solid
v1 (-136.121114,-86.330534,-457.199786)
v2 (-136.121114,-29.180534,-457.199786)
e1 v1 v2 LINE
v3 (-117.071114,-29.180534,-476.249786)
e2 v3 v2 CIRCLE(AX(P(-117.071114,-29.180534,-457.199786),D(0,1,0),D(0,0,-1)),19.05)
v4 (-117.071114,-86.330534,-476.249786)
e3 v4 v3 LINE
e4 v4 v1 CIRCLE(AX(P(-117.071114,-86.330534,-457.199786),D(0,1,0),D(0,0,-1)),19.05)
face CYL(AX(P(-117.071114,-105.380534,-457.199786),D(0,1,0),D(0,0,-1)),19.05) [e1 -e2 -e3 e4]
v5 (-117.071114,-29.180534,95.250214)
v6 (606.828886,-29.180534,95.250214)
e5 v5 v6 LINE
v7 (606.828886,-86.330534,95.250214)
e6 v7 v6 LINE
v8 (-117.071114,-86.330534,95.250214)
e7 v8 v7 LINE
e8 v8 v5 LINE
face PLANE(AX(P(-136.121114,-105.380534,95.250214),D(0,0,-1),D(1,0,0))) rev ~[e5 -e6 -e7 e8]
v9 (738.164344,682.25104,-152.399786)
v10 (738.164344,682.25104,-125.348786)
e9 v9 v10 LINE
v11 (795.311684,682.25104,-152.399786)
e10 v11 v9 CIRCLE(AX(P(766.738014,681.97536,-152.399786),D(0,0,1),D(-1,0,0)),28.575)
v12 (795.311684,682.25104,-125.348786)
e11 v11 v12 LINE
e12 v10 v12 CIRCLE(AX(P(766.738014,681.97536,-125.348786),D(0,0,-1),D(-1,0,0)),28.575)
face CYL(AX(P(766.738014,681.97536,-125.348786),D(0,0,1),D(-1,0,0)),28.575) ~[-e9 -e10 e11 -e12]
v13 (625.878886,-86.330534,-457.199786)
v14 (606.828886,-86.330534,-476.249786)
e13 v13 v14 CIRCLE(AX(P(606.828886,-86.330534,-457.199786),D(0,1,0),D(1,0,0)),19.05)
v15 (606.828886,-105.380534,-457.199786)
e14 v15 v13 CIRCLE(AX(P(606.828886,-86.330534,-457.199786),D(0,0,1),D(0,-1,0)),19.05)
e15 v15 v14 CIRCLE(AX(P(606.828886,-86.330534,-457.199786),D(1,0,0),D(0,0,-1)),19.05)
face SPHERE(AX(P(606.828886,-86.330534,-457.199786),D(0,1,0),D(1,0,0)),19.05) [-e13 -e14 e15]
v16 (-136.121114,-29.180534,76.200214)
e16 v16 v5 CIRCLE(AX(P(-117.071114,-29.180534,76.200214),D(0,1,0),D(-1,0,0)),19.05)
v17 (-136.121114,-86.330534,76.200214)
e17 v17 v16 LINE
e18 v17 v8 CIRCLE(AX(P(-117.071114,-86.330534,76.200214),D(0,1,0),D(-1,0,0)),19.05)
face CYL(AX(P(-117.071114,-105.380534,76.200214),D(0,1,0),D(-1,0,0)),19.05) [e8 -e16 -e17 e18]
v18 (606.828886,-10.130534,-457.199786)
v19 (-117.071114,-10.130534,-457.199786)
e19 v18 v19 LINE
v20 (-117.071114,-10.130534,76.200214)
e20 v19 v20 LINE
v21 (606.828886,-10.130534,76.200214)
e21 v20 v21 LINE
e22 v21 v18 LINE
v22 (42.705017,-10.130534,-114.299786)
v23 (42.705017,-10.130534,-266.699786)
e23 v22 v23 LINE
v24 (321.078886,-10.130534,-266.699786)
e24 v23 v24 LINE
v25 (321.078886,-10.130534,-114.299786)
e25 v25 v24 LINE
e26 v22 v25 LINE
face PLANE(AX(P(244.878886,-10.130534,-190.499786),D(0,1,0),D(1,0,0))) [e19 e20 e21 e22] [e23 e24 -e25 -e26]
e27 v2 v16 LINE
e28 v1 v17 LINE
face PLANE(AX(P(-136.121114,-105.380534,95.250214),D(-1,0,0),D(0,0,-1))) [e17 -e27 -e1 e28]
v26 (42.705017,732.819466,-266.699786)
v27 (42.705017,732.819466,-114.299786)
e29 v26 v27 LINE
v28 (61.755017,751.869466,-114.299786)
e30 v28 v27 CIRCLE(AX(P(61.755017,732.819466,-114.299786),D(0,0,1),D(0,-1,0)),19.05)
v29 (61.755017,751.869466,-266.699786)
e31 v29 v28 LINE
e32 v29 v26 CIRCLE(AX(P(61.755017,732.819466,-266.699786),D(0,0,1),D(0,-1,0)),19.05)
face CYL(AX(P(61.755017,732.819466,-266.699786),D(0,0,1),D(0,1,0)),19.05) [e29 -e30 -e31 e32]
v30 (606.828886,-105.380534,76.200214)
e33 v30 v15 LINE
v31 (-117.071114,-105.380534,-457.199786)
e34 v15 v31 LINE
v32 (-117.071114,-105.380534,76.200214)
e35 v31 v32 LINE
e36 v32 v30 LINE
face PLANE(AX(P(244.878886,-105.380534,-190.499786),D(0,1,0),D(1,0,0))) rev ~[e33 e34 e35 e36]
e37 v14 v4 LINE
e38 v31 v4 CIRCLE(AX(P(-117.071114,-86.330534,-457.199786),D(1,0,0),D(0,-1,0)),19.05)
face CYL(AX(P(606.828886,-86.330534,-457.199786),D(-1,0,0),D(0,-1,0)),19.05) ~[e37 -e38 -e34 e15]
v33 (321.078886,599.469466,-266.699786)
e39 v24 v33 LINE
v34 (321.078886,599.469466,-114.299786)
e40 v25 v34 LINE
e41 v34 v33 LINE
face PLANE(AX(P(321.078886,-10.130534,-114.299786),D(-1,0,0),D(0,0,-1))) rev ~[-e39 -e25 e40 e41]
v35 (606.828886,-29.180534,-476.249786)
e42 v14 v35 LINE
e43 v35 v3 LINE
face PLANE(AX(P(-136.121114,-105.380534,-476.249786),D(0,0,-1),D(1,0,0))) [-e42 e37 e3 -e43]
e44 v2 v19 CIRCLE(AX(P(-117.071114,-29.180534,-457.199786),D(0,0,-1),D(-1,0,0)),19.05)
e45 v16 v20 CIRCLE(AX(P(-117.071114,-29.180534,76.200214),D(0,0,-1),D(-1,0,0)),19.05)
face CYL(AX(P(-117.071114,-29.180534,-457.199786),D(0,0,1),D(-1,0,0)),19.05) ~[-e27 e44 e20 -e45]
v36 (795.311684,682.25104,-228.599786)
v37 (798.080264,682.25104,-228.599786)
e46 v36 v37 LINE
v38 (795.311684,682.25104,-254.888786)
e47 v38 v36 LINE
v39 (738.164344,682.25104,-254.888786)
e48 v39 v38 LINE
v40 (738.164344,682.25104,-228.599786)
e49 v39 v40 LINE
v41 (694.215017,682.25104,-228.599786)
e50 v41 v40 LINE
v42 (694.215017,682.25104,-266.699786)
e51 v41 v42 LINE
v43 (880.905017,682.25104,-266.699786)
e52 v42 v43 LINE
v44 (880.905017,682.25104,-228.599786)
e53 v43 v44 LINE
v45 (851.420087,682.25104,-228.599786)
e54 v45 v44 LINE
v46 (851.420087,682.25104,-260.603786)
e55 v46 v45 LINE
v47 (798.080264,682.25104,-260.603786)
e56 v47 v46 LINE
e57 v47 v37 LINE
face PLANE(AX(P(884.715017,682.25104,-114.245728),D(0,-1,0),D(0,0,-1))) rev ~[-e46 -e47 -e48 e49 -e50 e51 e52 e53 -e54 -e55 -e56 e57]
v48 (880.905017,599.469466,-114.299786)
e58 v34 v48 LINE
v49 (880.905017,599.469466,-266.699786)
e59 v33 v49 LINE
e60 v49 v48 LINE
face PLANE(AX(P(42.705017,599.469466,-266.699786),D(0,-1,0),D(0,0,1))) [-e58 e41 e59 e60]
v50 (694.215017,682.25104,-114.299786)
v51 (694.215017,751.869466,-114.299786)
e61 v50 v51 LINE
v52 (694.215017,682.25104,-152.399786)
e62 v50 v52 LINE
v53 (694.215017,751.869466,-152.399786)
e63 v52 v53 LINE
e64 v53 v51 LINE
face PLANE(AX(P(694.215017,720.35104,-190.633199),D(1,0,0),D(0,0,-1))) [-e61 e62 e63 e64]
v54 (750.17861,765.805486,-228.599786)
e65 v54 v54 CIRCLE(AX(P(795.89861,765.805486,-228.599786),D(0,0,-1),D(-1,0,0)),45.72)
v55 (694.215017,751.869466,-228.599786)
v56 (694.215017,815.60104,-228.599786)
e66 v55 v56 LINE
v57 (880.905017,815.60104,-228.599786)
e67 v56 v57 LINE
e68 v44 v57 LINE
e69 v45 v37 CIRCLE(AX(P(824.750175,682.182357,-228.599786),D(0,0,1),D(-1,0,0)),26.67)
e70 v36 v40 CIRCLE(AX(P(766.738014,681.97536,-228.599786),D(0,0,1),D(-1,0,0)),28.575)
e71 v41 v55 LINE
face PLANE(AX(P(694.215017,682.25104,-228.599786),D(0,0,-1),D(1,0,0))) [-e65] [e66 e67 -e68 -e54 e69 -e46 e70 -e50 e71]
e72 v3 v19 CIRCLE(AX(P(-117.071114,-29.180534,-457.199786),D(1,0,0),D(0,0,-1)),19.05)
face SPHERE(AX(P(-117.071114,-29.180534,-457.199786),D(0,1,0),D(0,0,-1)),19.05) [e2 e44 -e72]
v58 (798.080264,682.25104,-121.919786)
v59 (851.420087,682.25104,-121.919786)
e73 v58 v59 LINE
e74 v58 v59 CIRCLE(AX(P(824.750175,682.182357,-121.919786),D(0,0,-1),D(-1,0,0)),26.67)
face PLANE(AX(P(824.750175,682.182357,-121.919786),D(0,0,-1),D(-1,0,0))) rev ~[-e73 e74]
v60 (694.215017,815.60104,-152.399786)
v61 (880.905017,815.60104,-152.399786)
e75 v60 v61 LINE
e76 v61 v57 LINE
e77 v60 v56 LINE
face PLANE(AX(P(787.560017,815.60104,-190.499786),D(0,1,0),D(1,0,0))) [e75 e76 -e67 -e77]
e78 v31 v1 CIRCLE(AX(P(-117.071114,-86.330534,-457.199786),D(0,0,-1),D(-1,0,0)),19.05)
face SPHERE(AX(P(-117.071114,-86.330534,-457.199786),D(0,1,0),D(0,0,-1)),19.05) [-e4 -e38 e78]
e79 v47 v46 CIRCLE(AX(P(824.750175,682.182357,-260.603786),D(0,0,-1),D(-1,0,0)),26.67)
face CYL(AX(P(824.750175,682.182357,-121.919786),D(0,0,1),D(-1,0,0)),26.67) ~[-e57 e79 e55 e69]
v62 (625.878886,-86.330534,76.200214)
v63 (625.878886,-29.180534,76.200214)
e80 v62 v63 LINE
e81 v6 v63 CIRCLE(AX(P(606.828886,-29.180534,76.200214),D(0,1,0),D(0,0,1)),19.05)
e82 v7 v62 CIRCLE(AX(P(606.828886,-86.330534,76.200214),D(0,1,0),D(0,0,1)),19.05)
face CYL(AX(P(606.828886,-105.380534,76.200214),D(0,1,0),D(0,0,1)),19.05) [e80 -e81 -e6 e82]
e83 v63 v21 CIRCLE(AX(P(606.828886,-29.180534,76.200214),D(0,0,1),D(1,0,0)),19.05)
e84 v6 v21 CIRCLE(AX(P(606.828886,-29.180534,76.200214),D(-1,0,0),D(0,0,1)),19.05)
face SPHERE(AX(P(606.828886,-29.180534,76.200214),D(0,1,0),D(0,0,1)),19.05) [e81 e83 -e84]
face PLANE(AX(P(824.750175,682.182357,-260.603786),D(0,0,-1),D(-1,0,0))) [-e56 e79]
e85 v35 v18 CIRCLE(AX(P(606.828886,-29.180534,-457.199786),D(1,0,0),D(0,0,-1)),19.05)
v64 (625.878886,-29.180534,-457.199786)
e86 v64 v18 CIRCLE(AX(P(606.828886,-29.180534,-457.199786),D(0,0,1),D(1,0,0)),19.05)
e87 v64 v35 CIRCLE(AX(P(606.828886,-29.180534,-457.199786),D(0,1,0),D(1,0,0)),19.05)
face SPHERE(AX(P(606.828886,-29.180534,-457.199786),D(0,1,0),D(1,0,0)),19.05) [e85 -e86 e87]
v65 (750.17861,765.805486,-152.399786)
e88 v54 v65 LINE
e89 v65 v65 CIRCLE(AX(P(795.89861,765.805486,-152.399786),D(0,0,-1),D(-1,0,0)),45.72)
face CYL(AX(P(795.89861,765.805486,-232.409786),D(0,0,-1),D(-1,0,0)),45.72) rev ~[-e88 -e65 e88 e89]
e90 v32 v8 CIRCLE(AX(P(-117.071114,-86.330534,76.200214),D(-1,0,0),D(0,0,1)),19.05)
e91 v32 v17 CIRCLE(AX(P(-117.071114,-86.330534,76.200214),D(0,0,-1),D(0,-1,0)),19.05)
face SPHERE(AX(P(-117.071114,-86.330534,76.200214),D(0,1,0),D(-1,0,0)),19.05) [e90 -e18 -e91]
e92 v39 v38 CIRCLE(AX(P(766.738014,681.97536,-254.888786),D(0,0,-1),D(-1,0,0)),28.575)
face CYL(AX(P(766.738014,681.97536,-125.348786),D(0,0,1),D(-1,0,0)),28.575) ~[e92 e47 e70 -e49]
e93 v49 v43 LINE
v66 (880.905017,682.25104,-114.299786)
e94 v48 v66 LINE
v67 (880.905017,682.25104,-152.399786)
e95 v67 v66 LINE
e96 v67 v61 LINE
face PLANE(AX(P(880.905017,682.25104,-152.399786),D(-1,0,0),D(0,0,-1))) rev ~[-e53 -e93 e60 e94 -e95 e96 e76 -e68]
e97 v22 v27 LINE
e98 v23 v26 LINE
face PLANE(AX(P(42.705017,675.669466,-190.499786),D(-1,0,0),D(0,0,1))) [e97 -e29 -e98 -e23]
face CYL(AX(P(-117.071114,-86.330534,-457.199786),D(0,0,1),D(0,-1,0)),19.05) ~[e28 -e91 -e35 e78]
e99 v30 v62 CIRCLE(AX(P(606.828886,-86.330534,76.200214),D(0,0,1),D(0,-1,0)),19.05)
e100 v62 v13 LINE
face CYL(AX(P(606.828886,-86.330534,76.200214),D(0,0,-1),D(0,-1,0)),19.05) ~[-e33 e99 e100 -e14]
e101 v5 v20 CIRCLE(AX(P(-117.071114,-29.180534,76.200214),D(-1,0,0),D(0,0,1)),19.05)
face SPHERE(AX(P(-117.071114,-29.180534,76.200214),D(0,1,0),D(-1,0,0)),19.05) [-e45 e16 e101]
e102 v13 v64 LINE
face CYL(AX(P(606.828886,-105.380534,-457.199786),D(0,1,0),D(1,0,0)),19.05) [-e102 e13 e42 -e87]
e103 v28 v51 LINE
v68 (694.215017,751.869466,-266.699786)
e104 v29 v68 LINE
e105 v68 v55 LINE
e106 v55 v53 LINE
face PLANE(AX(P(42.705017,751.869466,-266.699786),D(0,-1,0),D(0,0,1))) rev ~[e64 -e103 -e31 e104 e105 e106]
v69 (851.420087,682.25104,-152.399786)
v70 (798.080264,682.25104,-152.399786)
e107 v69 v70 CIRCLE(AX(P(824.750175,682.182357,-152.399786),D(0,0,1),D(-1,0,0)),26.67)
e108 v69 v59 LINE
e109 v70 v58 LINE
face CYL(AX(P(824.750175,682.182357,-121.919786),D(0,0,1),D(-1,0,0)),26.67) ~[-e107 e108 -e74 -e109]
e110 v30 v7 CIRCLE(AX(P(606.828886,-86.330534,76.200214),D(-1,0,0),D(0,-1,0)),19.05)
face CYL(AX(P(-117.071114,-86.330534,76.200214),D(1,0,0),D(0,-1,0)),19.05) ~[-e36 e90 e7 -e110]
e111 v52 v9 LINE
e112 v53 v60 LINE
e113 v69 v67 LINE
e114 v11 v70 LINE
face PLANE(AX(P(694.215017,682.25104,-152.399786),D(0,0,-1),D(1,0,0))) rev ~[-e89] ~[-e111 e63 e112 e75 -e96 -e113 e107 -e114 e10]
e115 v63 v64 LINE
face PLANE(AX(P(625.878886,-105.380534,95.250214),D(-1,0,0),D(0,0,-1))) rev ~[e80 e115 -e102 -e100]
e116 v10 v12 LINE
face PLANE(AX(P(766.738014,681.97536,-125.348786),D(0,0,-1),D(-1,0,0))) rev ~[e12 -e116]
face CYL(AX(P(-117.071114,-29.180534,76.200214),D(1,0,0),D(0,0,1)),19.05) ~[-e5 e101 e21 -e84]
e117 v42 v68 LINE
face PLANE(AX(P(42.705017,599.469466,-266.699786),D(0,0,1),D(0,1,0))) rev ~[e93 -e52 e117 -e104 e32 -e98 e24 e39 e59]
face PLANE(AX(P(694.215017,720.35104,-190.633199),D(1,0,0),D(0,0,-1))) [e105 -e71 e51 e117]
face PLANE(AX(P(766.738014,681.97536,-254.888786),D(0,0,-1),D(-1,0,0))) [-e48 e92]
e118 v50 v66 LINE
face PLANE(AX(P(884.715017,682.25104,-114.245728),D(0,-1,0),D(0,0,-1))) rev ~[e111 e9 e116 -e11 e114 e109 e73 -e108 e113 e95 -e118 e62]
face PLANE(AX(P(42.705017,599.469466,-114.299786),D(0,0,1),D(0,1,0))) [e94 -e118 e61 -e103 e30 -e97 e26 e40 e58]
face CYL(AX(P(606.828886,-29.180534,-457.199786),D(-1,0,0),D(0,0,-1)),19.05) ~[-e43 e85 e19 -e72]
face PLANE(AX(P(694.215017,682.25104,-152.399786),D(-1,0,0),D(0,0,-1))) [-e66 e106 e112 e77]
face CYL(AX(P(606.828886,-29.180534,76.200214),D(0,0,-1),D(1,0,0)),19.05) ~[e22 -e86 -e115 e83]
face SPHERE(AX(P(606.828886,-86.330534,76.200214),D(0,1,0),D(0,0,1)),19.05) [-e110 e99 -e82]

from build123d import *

# Parameters (mm, degrees)
SKETCH1_W                 = 508
SKETCH1_H                 = 381
BOSS_EXTRUDE1_DEPTH       = 63.5
FILLET4_R                 = 12.7
FILLET5_R                 = 12.7
FILLET6_R                 = 12.7
FILLET7_R                 = 12.7
FILLET8_R                 = 12.7
FILLET9_R                 = 12.7
SKETCH2_W                 = 185.582579438
SKETCH2_H                 = 101.6
BOSS_EXTRUDE2_DEPTH       = 406.4
SKETCH26_W                = 101.6
SKETCH26_H                = 101.6
BOSS_EXTRUDE16_DEPTH      = 558.8
SKETCH28_W                = 101.849960699
SKETCH28_H                = 50.8
CUT_EXTRUDE8_DEPTH        = 127
SKETCH29_W                = 124.46
SKETCH29_H                = 50.8
BOSS_EXTRUDE18_DEPTH      = 88.9
FILLET10_R                = 12.7
BOSS_EXTRUDE21_DEPTH      = 18.796
BOSS_EXTRUDE21_DEPTH_BACK = 73.66
SKETCH31_R                = 17.78
BOSS_EXTRUDE22_DEPTH      = 14.986
BOSS_EXTRUDE22_DEPTH_BACK = 71.374
SKETCH32_R                = 19.05
SKETCH33_R                = 30.48
CUT_EXTRUDE10_DEPTH       = 71.374
SCALE1_SCALE              = 1.5


with BuildPart() as part:
    # Sketch1 → Boss-Extrude1 (new body)
    with BuildSketch(Plane(origin=(0, 0, 0), x_dir=(1, 0, 0), z_dir=(0, 1, 0))):
        with Locations((254, 190.5)):
            Rectangle(SKETCH1_W, SKETCH1_H)
    extrude(amount=BOSS_EXTRUDE1_DEPTH)

    # Fillet4
    fillet4_edges = [part.edges().sort_by_distance(p)[0] for p in [
        (508, 31.75, 0),
    ]]
    fillet(fillet4_edges, radius=FILLET4_R)

    # Fillet5
    fillet5_edges = [part.edges().sort_by_distance(p)[0] for p in [
        (508, 31.75, -381),
    ]]
    fillet(fillet5_edges, radius=FILLET5_R)

    # Fillet6
    fillet6_edges = [part.edges().sort_by_distance(p)[0] for p in [
        (0, 31.75, -381),
    ]]
    fillet(fillet6_edges, radius=FILLET6_R)

    # Fillet7
    fillet7_edges = [part.edges().sort_by_distance(p)[0] for p in [
        (0, 31.75, 0),
    ]]
    fillet(fillet7_edges, radius=FILLET7_R)

    # Fillet8
    fillet8_edges = [part.edges().sort_by_distance(p)[0] for p in [
        (508, 0, -190.5),
        (504.280256121, 0, -3.719743879),
        (254, 0, -381),
        (504.280256121, 0, -377.280256121),
        (0, 0, -190.5),
        (3.719743879, 0, -377.280256121),
        (254, 0, 0),
        (3.719743879, 0, -3.719743879),
    ]]
    fillet(fillet8_edges, radius=FILLET8_R)

    # Fillet9
    fillet9_edges = [part.edges().sort_by_distance(p)[0] for p in [
        (508, 63.5, -190.5),
        (504.280256121, 63.5, -3.719743879),
        (254, 63.5, -381),
        (504.280256121, 63.5, -377.280256121),
        (0, 63.5, -190.5),
        (3.719743879, 63.5, -377.280256121),
        (254, 63.5, 0),
        (3.719743879, 63.5, -3.719743879),
    ]]
    fillet(fillet9_edges, radius=FILLET9_R)

    # Sketch2 → Boss-Extrude2 (add)
    with BuildSketch(Plane(origin=(0, 63.5, 0), x_dir=(1, 0, 0), z_dir=(0, 1, 0))):
        with Locations((212.008710281, 190.5)):
            Rectangle(SKETCH2_W, SKETCH2_H)
    extrude(amount=BOSS_EXTRUDE2_DEPTH)

    # Sketch26 → Boss-Extrude16 (add)
    with BuildSketch(Plane.ZY.offset(-119.217420562)):
        with Locations((-190.5, 520.7)):
            Rectangle(SKETCH26_W, SKETCH26_H)
    extrude(amount=-BOSS_EXTRUDE16_DEPTH)

    # Sketch28 → Cut-Extrude8 (cut)
    with BuildSketch(Plane(origin=(680.557420562, 0, 0), x_dir=(0, 0, -1), z_dir=(1, 0, 0))):
        with Locations((190.588941682, 550.48771611)):
            Rectangle(SKETCH28_W, SKETCH28_H)
    extrude(amount=-CUT_EXTRUDE8_DEPTH, mode=Mode.SUBTRACT)

    # Sketch29 → Boss-Extrude18 (add)
    with BuildSketch(Plane(origin=(0, 525.08771611, 0), x_dir=(1, 0, 0), z_dir=(0, 1, 0))):
        with Locations((615.787420562, 190.5)):
            Rectangle(SKETCH29_W, SKETCH29_H)
    extrude(amount=BOSS_EXTRUDE18_DEPTH)

    # Fillet10
    fillet10_edges = [part.edges().sort_by_distance(p)[0] for p in [
        (119.217420562, 571.5, -190.5),
    ]]
    fillet(fillet10_edges, radius=FILLET10_R)

    # Sketch31 → Boss-Extrude21 (add, two sides: drawn at the far end of the back side and taken through both)
    with BuildSketch(Plane(origin=(0, 0, -218.44), x_dir=(-1, 0, 0), z_dir=(0, 0, -1)).offset(-BOSS_EXTRUDE21_DEPTH_BACK)):
        with Locations((-640.580859251, 525.041927268)):
            Circle(SKETCH31_R)
    extrude(amount=BOSS_EXTRUDE21_DEPTH + BOSS_EXTRUDE21_DEPTH_BACK)

    # Sketch32 → Boss-Extrude22 (add, two sides: drawn at the far end of the back side and taken through both)
    with BuildSketch(Plane(origin=(0, 0, -218.44), x_dir=(-1, 0, 0), z_dir=(0, 0, -1)).offset(-BOSS_EXTRUDE22_DEPTH_BACK)):
        with Locations((-601.906085303, 524.903929641)):
            Circle(SKETCH32_R)
    extrude(amount=BOSS_EXTRUDE22_DEPTH + BOSS_EXTRUDE22_DEPTH_BACK)

    # Sketch33 → Cut-Extrude10 (cut)
    with BuildSketch(Plane(origin=(0, 0, -218.44), x_dir=(-1, 0, 0), z_dir=(0, 0, -1))):
        with Locations((-621.346482392, 580.790680071)):
            Circle(SKETCH33_R)
    extrude(amount=-CUT_EXTRUDE10_DEPTH, mode=Mode.SUBTRACT)


with BuildPart() as part_1:
    # Scale1: scaled about (272.242227358, 210.761068124, -190.500428021)
    add(part.part.scale(SCALE1_SCALE).moved(Location((-136.121113679, -105.380534062, 95.250214011))))


solid = part_1.part
